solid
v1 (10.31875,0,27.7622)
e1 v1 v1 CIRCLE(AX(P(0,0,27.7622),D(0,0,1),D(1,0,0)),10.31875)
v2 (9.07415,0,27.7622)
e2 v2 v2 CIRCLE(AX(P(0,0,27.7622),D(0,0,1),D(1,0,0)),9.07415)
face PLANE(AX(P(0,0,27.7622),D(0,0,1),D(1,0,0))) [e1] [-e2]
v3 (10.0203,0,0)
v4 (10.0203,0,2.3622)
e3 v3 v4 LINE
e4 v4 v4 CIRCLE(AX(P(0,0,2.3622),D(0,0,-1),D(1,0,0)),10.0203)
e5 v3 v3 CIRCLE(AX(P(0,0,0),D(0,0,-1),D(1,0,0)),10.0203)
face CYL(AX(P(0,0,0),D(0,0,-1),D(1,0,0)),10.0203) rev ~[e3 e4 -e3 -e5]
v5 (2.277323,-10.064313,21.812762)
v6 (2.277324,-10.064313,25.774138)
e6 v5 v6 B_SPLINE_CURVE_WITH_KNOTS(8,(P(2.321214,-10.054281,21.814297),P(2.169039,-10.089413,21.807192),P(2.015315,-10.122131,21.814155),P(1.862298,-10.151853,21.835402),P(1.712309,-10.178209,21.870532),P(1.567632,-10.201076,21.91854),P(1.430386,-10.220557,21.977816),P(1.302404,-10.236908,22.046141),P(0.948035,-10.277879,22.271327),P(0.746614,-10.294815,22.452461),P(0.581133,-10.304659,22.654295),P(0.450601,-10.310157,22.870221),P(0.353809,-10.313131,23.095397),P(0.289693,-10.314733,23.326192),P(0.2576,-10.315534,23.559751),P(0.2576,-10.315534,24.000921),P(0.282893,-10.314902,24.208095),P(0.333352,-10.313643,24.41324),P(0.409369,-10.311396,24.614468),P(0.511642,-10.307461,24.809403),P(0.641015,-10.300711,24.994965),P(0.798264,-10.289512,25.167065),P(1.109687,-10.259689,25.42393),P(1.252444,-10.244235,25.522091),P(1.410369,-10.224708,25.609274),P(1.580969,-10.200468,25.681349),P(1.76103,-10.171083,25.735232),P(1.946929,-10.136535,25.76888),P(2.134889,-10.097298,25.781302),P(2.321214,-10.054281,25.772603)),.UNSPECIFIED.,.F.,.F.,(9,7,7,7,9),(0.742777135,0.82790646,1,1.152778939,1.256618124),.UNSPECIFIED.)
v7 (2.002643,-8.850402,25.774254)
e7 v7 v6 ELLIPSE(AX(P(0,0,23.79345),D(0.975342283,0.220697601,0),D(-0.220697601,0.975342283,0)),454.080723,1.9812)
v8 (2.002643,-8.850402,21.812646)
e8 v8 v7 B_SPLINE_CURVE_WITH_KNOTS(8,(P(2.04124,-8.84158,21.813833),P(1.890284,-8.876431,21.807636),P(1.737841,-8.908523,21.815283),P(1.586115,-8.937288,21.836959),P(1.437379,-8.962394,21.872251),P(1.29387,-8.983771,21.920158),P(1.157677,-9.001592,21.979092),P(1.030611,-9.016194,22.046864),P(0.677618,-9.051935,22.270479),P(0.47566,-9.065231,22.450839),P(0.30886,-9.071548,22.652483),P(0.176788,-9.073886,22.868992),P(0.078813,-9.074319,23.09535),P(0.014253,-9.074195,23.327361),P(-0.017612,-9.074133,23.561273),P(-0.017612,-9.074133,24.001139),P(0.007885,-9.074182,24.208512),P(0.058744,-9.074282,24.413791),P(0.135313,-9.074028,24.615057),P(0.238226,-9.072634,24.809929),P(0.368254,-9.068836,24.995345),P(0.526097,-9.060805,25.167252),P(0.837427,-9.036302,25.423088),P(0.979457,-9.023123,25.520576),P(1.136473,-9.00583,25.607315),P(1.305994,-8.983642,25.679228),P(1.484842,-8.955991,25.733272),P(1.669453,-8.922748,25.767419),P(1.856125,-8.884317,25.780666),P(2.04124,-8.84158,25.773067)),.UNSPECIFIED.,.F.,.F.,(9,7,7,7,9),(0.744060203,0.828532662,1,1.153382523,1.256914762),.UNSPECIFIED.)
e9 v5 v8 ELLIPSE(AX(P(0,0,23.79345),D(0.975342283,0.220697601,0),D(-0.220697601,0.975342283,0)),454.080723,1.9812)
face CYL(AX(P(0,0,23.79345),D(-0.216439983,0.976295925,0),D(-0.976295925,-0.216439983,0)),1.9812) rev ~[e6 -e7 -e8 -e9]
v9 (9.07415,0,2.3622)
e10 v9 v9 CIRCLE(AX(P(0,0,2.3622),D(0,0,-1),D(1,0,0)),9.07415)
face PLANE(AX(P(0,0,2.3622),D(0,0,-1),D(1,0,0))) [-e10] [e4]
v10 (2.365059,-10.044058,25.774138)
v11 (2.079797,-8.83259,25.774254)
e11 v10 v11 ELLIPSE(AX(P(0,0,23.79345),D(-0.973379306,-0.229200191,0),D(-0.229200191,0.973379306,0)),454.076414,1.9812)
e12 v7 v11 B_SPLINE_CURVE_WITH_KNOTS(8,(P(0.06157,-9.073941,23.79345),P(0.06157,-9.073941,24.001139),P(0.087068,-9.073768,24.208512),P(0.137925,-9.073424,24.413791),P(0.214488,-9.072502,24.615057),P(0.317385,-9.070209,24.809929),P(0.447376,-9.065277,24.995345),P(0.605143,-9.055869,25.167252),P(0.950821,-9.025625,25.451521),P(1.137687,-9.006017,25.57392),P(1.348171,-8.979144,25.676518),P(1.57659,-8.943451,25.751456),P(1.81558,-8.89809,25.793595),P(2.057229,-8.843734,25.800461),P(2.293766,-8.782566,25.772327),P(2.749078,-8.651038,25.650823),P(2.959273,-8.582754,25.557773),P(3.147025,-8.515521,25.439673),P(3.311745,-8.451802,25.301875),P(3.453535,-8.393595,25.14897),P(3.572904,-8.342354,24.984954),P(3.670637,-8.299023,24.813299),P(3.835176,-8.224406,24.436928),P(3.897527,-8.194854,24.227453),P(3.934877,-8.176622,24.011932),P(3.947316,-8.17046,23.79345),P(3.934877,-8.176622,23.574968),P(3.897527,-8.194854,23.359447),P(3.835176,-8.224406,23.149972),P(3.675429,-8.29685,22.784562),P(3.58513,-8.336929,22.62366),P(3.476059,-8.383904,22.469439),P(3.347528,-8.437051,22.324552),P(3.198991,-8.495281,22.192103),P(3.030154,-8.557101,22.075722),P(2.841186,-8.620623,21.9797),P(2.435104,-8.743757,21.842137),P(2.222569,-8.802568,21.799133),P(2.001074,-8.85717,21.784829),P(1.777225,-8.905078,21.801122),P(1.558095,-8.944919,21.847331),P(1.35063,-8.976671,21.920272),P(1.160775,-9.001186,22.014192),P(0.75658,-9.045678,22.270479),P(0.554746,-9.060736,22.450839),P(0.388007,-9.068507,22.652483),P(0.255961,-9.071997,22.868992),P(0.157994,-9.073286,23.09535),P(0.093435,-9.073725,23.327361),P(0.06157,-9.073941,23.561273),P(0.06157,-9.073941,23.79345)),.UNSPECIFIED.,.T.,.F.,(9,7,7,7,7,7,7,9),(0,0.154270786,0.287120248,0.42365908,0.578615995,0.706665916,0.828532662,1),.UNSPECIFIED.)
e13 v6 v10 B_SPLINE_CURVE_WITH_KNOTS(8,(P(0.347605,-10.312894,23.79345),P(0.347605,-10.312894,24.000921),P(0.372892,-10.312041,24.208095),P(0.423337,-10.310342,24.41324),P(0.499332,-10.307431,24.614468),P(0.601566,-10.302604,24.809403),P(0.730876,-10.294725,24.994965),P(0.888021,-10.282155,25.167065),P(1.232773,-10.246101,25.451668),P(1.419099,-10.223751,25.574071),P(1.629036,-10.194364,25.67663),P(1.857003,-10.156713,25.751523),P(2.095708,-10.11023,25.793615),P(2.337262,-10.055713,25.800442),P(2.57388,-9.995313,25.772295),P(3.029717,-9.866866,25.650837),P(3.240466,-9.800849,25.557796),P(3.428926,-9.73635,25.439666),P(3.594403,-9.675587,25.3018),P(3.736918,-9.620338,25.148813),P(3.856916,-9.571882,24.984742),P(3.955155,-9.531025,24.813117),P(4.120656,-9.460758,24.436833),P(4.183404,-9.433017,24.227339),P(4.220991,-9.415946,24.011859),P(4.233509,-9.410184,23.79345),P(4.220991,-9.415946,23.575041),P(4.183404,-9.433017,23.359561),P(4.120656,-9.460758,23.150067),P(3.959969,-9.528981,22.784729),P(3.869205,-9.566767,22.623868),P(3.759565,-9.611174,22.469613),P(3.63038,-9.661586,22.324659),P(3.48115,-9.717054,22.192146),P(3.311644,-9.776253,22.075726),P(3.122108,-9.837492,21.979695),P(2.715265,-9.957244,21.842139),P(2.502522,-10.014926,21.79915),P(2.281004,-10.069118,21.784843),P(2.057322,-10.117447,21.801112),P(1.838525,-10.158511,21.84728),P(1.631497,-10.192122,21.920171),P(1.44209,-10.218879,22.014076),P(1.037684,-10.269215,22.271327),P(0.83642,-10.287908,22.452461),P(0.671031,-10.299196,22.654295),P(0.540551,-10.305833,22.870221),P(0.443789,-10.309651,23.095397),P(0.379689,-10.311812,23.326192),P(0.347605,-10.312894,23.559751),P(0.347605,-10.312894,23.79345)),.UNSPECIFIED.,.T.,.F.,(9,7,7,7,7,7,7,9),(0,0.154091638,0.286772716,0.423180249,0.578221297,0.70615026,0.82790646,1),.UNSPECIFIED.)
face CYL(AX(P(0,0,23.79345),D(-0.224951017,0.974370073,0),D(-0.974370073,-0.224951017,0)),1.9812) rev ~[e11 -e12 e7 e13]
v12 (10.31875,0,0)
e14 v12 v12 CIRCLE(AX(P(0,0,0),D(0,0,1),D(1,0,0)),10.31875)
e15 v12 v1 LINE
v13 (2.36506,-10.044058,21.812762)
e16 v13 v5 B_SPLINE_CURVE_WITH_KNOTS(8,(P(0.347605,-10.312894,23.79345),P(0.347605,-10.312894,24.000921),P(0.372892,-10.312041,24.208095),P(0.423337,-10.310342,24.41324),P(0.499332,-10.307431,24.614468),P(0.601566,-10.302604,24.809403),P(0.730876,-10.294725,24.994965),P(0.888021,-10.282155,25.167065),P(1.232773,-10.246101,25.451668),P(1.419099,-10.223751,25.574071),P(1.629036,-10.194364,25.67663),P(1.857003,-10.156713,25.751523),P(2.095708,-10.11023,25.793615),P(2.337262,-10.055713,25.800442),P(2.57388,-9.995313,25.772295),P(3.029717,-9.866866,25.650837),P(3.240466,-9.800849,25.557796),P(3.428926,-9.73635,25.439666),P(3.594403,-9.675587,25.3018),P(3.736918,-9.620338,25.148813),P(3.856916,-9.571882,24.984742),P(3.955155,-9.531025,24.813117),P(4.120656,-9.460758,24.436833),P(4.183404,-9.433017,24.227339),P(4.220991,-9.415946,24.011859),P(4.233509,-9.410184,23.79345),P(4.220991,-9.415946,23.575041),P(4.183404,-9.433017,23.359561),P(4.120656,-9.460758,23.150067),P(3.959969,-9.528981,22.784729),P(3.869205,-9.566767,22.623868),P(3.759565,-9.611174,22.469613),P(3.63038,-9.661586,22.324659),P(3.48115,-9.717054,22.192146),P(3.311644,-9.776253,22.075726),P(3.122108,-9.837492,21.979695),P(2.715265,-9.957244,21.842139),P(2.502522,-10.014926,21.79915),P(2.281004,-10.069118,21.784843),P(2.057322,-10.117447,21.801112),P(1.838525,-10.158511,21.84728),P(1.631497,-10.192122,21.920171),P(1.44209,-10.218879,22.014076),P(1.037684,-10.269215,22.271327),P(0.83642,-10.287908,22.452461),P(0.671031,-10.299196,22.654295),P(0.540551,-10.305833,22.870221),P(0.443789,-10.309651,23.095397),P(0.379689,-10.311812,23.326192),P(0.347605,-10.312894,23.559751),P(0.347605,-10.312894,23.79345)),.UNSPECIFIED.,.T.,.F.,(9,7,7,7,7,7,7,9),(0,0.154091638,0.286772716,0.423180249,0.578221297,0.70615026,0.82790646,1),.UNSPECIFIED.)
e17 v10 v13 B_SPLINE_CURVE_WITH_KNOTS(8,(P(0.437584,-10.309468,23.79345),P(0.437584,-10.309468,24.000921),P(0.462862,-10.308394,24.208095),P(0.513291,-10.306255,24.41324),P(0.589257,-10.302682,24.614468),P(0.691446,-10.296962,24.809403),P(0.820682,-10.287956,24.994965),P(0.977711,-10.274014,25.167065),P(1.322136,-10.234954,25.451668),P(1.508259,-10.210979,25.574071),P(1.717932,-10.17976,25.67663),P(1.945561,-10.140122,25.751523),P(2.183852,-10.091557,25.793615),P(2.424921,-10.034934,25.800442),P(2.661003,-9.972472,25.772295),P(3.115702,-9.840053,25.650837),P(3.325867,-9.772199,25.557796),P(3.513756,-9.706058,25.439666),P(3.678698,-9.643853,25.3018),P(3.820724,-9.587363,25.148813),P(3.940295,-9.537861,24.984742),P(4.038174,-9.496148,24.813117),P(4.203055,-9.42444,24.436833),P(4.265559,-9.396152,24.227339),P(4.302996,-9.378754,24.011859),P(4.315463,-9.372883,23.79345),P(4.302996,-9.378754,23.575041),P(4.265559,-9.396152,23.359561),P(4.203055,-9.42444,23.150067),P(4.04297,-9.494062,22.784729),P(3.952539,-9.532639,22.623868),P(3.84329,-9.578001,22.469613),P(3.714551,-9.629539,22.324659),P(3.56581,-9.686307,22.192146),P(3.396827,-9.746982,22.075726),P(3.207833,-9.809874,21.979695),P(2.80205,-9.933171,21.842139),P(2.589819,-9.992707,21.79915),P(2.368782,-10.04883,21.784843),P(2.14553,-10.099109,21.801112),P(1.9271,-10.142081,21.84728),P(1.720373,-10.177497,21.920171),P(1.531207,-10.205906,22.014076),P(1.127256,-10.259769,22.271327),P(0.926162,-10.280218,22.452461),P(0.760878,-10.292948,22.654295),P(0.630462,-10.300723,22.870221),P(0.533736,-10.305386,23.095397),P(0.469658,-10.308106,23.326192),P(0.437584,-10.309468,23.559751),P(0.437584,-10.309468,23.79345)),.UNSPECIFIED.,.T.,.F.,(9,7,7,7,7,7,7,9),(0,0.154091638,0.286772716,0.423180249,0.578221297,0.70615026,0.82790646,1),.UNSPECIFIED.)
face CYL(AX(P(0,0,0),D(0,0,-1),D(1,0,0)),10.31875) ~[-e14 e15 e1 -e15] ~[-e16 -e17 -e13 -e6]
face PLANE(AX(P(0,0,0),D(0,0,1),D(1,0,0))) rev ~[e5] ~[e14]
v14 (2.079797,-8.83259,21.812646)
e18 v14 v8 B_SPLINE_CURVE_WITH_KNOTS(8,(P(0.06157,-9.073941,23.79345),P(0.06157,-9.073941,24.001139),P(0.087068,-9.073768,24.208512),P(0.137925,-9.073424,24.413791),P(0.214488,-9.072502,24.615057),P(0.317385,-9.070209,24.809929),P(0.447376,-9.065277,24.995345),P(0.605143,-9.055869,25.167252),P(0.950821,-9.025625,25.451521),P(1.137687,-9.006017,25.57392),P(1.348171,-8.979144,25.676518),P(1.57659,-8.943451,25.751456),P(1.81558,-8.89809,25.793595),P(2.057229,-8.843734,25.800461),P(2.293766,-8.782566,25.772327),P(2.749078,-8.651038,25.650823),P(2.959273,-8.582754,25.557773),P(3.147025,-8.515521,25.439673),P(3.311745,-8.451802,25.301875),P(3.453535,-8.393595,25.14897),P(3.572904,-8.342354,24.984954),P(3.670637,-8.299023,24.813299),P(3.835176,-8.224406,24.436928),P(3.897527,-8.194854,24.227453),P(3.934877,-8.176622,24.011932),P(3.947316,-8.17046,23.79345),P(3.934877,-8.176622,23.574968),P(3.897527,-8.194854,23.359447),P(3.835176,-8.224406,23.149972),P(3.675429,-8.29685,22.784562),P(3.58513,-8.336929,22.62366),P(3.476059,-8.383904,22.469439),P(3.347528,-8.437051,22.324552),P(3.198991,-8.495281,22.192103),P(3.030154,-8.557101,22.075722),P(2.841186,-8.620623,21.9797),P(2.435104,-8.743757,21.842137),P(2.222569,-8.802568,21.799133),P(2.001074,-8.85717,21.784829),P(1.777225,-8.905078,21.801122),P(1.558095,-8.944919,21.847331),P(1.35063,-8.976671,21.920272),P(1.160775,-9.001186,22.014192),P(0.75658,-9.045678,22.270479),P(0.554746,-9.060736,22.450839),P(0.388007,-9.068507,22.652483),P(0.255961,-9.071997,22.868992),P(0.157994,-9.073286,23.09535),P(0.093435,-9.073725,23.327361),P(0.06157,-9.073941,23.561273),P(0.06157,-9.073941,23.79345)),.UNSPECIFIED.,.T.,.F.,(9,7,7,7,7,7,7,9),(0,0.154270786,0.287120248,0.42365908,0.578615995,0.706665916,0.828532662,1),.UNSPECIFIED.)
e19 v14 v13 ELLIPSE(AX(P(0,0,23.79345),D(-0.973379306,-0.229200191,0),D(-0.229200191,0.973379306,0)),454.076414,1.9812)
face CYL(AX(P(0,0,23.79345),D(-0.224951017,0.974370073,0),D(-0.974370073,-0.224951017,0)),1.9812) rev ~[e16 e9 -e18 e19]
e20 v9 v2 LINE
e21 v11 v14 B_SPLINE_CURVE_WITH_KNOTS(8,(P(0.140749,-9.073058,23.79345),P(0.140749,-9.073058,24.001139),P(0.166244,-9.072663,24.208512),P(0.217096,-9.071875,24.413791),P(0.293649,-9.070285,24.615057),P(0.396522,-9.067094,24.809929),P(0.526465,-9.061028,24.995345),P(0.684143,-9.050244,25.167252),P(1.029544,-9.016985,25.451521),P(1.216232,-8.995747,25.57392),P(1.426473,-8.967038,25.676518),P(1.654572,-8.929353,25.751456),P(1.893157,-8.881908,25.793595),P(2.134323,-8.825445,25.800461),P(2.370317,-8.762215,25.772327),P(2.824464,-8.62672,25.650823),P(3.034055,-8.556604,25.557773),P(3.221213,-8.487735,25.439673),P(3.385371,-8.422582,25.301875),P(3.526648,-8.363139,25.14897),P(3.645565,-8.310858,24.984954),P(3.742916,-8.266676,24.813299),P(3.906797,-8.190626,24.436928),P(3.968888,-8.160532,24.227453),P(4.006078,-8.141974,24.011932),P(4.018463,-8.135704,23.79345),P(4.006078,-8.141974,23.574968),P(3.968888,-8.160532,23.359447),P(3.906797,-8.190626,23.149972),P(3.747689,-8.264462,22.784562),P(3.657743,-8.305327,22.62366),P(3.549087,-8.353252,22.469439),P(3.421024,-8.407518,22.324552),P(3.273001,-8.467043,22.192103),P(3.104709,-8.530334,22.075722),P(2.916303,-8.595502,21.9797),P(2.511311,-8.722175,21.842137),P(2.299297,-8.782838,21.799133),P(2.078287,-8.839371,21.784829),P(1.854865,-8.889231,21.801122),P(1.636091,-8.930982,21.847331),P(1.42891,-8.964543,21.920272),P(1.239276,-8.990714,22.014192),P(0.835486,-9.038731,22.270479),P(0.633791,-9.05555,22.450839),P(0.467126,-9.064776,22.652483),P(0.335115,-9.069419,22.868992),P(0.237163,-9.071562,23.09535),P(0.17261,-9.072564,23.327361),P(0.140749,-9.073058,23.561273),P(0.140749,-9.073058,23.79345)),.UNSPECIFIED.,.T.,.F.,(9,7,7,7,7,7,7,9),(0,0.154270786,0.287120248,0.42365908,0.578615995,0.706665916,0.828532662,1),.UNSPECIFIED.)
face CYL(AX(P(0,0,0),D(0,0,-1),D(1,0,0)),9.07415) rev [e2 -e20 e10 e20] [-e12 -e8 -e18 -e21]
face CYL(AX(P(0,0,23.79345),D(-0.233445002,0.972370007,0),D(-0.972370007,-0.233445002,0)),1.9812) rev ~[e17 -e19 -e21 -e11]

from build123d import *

# Parameters (mm, degrees)
F0_R      = 10.31875
F1_DEPTH  = 27.7622
F2_T      = -1.2446
F3_R      = 10.0203
F4_DEPTH  = 2.3622
F8_R      = 1.9812
F9_DEPTH  = 12.443506
F10_R     = 1.9812
F11_DEPTH = 12.308541
F13_R     = 1.9812
F14_DEPTH = 12.376495


with BuildPart() as f1:
    # F0 (on Top) → F1 (new body)
    with BuildSketch(Plane.XY):
        Circle(F0_R)
    extrude(amount=F1_DEPTH)

    # F2
    f2_openings = [f1.faces().sort_by_distance(p)[0] for p in [
        (0, 0, 27.7622),
        (0, 0, 0),
    ]]
    offset(amount=F2_T, openings=f2_openings)

    # F3 (on face) → F4 (cut)
    with BuildSketch(Plane(origin=(0, 0, 0), x_dir=(1, 0, 0), z_dir=(0, 0, -1))):
        Circle(F3_R)
    extrude(amount=-F4_DEPTH, mode=Mode.SUBTRACT)

    # F8 (on face) → F9 (cut, through all)
    with BuildSketch(Plane(origin=(0, 0, 0), x_dir=(-0.97237, -0.233445, 0), z_dir=(-0.233445, 0.97237, 0))):
        with Locations((0, 23.79345)):
            Circle(F8_R)
    extrude(amount=-F9_DEPTH, mode=Mode.SUBTRACT)

    # F10 (on face) → F11 (cut, through all)
    with BuildSketch(Plane(origin=(0, 0, 0), x_dir=(-0.976296, -0.21644, 0), z_dir=(-0.21644, 0.976296, 0))):
        with Locations((0, 23.79345)):
            Circle(F10_R)
    extrude(amount=-F11_DEPTH, mode=Mode.SUBTRACT)

    # F13 (on face) → F14 (cut, through all)
    with BuildSketch(Plane(origin=(0, 0, 0), x_dir=(-0.97437, -0.224951, 0), z_dir=(-0.224951, 0.97437, 0))):
        with Locations((0, 23.79345)):
            Circle(F13_R)
    extrude(amount=-F14_DEPTH, mode=Mode.SUBTRACT)


solid = f1.part
